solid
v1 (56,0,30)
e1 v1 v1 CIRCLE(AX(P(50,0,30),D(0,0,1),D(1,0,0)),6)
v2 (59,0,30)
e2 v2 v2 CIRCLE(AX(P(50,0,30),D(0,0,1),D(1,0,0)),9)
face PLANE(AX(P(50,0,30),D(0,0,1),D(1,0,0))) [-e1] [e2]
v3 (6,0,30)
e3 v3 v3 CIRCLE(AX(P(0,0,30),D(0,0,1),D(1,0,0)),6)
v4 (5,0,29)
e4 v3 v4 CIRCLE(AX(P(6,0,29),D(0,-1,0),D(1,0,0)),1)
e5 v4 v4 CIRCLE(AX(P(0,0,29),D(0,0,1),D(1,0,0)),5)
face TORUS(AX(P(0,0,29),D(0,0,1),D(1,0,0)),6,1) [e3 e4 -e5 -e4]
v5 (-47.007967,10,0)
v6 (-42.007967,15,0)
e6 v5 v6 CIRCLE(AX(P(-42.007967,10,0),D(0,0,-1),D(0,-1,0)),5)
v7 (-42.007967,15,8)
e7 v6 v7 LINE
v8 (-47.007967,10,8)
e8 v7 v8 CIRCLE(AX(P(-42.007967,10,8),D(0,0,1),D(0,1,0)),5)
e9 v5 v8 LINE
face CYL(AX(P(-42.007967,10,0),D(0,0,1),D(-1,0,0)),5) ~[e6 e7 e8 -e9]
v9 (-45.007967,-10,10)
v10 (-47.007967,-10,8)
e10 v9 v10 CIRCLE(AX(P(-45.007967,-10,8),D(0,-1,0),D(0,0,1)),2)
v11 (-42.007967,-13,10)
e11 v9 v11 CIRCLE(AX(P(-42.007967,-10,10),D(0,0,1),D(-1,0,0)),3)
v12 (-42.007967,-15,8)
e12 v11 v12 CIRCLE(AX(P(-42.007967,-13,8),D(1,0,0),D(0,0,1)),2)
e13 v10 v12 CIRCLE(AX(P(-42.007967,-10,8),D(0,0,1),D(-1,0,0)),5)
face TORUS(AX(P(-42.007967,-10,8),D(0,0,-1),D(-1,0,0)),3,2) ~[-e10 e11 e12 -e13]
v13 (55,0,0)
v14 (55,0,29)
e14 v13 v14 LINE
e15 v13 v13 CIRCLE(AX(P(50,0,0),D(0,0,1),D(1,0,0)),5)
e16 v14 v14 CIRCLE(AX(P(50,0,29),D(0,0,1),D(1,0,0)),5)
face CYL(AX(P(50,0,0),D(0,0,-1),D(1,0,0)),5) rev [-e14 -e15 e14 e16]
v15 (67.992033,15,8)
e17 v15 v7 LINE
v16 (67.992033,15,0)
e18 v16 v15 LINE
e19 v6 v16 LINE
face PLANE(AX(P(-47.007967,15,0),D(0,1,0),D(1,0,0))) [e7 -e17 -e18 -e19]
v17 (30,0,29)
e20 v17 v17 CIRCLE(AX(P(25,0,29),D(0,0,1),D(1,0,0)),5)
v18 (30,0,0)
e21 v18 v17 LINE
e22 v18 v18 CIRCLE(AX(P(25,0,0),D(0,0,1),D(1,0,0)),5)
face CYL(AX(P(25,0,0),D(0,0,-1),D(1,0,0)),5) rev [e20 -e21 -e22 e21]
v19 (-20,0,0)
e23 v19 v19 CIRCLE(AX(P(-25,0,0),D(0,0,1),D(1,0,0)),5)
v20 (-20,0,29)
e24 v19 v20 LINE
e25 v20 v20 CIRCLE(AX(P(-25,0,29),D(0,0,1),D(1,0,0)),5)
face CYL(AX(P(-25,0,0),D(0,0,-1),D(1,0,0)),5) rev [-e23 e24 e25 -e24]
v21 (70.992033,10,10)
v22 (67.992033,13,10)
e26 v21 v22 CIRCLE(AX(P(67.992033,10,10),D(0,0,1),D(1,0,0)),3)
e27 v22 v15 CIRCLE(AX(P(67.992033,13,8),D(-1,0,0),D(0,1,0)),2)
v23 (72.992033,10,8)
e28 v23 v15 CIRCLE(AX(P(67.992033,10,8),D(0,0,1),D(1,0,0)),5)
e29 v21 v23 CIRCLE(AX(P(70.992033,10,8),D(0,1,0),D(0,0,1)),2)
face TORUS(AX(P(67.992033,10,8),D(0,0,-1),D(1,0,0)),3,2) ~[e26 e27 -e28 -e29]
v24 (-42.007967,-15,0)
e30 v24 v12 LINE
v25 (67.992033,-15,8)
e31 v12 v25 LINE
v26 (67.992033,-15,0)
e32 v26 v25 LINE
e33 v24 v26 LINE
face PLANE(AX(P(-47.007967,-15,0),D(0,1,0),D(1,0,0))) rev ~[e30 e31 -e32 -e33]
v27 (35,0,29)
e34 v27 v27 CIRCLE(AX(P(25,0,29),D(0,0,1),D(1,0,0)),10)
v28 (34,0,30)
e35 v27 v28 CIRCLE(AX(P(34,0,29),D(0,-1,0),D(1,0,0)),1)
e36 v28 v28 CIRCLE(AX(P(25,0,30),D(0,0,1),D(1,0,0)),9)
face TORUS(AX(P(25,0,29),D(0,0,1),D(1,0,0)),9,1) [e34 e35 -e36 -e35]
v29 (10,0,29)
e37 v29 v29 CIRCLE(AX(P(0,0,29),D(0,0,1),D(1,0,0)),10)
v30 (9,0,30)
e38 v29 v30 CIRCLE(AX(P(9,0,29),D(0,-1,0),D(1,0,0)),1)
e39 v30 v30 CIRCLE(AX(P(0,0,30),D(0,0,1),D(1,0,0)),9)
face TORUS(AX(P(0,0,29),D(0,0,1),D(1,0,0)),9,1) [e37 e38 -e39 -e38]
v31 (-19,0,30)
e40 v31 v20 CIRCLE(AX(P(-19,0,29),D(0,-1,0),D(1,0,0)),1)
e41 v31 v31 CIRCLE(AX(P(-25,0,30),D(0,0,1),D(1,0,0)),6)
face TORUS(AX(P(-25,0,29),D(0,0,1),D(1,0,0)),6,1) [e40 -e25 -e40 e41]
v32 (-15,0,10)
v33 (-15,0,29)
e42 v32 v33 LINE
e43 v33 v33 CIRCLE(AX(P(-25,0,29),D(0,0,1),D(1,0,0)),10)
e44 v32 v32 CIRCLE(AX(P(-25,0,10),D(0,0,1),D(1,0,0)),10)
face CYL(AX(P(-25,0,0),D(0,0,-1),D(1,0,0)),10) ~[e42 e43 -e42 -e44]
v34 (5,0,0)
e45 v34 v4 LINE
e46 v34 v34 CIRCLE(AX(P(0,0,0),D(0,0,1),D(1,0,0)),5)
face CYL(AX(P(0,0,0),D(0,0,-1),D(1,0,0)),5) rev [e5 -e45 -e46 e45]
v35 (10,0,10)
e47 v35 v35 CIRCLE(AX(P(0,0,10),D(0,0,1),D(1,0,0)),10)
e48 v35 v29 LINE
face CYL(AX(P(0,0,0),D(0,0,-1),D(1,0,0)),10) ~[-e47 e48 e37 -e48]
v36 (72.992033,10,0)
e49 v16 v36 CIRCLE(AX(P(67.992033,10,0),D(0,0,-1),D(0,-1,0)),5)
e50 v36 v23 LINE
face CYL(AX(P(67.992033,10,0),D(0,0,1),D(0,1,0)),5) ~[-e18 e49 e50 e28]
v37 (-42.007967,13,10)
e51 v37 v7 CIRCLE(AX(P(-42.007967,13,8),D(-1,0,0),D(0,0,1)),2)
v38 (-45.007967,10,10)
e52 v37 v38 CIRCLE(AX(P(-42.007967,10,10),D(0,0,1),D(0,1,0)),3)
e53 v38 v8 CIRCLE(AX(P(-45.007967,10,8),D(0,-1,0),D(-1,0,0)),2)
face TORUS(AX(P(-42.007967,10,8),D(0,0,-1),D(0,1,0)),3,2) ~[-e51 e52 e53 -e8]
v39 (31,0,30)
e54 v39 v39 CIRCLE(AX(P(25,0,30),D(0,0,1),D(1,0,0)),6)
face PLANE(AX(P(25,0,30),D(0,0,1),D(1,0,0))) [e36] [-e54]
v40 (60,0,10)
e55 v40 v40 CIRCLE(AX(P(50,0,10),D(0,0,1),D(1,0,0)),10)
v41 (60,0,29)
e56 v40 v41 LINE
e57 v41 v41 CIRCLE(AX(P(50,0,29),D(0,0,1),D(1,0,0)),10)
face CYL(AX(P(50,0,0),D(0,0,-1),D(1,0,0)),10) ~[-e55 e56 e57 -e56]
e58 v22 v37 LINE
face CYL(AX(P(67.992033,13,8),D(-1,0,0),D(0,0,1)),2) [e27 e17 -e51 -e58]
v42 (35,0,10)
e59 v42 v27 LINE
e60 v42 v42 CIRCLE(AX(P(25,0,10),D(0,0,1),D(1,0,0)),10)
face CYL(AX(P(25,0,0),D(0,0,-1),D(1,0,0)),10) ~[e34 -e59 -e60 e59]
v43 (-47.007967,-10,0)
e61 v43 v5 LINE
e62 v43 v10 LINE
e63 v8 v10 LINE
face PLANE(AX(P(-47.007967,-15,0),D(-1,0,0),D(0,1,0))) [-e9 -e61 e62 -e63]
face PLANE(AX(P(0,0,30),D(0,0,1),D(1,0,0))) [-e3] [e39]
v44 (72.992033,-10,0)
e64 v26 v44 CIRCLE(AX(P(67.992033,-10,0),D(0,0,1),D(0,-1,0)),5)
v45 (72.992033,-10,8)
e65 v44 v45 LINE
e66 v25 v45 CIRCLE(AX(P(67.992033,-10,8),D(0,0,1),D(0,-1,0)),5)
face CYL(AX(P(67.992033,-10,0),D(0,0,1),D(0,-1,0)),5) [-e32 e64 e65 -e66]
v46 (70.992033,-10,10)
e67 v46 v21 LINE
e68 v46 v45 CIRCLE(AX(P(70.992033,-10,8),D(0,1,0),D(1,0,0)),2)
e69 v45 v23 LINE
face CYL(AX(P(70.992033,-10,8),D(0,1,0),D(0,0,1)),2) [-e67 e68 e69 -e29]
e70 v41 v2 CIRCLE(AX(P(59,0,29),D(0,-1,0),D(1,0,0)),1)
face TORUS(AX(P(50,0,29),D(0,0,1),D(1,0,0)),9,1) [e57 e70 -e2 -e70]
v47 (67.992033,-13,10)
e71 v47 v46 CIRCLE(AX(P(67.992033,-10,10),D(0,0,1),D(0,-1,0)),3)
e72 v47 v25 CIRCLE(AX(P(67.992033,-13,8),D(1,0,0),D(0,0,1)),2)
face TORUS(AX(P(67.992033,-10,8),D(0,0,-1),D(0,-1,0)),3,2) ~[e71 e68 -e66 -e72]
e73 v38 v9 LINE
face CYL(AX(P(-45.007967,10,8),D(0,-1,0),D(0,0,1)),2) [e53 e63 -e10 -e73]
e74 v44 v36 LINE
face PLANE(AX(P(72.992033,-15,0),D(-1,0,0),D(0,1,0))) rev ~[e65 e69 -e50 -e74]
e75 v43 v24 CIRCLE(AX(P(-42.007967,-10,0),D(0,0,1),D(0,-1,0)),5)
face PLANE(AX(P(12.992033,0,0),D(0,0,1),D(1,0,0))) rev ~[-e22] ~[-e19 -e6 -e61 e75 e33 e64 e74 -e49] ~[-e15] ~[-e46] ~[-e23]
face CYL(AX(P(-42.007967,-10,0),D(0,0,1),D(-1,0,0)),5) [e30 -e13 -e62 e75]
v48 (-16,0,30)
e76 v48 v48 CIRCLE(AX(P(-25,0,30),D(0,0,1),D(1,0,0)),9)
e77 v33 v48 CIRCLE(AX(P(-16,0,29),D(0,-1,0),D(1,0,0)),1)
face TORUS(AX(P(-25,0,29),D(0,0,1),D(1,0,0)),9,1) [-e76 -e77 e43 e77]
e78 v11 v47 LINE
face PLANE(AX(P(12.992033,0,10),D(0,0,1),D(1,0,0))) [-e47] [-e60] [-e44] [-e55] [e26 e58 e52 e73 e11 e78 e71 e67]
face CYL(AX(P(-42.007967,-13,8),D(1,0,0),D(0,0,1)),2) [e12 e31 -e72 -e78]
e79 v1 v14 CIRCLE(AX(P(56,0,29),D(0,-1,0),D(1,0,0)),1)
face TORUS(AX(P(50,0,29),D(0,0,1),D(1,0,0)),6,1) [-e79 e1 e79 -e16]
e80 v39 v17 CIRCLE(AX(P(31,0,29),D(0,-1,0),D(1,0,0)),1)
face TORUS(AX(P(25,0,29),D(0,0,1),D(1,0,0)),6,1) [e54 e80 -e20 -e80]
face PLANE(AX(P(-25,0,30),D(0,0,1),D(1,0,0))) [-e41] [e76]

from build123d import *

# Parameters (mm, degrees)
F0_W     = 120
F0_H     = 30
F0_R     = 10
F1_DEPTH = 10
F0_R_2   = 5
F2_DEPTH = 30
F3_R     = 5
F4_R     = 2
F5_R     = 1


with BuildPart() as f1:
    # F0 (on Top) → F1 (new body)
    with BuildSketch(Plane.XY):
        with Locations((12.9920332134, 0)):
            Rectangle(F0_W, F0_H)
        with Locations((-25, 0)):
            Circle(F0_R, mode=Mode.SUBTRACT)
        Circle(F0_R, mode=Mode.SUBTRACT)
        with Locations((25, 0)):
            Circle(F0_R, mode=Mode.SUBTRACT)
        with Locations((50, 0)):
            Circle(F0_R, mode=Mode.SUBTRACT)
    extrude(amount=F1_DEPTH)

    # F0 (on Top) → F2 (join)
    with BuildSketch(Plane.XY):
        with Locations((-25, 0)):
            Circle(F0_R)
        with Locations((-25, 0)):
            Circle(F0_R_2, mode=Mode.SUBTRACT)
        Circle(F0_R)
        Circle(F0_R_2, mode=Mode.SUBTRACT)
        with Locations((25, 0)):
            Circle(F0_R)
        with Locations((25, 0)):
            Circle(F0_R_2, mode=Mode.SUBTRACT)
        with Locations((50, 0)):
            Circle(F0_R)
        with Locations((50, 0)):
            Circle(F0_R_2, mode=Mode.SUBTRACT)
    extrude(amount=F2_DEPTH)

    # F3
    f3_edges = [f1.edges().sort_by_distance(p)[0] for p in [
        (-47.007967, -15, 5),
        (-47.007967, 15, 5),
        (72.992033, -15, 5),
        (72.992033, 15, 5),
    ]]
    fillet(f3_edges, radius=F3_R)

    # F4
    f4_edges = [f1.edges().sort_by_distance(p)[0] for p in [
        (12.992033, -15, 10),
    ]]
    fillet(f4_edges, radius=F4_R)

    # F5
    f5_edges = [f1.edges().sort_by_distance(p)[0] for p in [
        (-35, 0, 30),
        (-30, 0, 30),
        (-10, 0, 30),
        (-5, 0, 30),
        (15, 0, 30),
        (20, 0, 30),
        (40, 0, 30),
        (45, 0, 30),
    ]]
    fillet(f5_edges, radius=F5_R)


solid = f1.part
